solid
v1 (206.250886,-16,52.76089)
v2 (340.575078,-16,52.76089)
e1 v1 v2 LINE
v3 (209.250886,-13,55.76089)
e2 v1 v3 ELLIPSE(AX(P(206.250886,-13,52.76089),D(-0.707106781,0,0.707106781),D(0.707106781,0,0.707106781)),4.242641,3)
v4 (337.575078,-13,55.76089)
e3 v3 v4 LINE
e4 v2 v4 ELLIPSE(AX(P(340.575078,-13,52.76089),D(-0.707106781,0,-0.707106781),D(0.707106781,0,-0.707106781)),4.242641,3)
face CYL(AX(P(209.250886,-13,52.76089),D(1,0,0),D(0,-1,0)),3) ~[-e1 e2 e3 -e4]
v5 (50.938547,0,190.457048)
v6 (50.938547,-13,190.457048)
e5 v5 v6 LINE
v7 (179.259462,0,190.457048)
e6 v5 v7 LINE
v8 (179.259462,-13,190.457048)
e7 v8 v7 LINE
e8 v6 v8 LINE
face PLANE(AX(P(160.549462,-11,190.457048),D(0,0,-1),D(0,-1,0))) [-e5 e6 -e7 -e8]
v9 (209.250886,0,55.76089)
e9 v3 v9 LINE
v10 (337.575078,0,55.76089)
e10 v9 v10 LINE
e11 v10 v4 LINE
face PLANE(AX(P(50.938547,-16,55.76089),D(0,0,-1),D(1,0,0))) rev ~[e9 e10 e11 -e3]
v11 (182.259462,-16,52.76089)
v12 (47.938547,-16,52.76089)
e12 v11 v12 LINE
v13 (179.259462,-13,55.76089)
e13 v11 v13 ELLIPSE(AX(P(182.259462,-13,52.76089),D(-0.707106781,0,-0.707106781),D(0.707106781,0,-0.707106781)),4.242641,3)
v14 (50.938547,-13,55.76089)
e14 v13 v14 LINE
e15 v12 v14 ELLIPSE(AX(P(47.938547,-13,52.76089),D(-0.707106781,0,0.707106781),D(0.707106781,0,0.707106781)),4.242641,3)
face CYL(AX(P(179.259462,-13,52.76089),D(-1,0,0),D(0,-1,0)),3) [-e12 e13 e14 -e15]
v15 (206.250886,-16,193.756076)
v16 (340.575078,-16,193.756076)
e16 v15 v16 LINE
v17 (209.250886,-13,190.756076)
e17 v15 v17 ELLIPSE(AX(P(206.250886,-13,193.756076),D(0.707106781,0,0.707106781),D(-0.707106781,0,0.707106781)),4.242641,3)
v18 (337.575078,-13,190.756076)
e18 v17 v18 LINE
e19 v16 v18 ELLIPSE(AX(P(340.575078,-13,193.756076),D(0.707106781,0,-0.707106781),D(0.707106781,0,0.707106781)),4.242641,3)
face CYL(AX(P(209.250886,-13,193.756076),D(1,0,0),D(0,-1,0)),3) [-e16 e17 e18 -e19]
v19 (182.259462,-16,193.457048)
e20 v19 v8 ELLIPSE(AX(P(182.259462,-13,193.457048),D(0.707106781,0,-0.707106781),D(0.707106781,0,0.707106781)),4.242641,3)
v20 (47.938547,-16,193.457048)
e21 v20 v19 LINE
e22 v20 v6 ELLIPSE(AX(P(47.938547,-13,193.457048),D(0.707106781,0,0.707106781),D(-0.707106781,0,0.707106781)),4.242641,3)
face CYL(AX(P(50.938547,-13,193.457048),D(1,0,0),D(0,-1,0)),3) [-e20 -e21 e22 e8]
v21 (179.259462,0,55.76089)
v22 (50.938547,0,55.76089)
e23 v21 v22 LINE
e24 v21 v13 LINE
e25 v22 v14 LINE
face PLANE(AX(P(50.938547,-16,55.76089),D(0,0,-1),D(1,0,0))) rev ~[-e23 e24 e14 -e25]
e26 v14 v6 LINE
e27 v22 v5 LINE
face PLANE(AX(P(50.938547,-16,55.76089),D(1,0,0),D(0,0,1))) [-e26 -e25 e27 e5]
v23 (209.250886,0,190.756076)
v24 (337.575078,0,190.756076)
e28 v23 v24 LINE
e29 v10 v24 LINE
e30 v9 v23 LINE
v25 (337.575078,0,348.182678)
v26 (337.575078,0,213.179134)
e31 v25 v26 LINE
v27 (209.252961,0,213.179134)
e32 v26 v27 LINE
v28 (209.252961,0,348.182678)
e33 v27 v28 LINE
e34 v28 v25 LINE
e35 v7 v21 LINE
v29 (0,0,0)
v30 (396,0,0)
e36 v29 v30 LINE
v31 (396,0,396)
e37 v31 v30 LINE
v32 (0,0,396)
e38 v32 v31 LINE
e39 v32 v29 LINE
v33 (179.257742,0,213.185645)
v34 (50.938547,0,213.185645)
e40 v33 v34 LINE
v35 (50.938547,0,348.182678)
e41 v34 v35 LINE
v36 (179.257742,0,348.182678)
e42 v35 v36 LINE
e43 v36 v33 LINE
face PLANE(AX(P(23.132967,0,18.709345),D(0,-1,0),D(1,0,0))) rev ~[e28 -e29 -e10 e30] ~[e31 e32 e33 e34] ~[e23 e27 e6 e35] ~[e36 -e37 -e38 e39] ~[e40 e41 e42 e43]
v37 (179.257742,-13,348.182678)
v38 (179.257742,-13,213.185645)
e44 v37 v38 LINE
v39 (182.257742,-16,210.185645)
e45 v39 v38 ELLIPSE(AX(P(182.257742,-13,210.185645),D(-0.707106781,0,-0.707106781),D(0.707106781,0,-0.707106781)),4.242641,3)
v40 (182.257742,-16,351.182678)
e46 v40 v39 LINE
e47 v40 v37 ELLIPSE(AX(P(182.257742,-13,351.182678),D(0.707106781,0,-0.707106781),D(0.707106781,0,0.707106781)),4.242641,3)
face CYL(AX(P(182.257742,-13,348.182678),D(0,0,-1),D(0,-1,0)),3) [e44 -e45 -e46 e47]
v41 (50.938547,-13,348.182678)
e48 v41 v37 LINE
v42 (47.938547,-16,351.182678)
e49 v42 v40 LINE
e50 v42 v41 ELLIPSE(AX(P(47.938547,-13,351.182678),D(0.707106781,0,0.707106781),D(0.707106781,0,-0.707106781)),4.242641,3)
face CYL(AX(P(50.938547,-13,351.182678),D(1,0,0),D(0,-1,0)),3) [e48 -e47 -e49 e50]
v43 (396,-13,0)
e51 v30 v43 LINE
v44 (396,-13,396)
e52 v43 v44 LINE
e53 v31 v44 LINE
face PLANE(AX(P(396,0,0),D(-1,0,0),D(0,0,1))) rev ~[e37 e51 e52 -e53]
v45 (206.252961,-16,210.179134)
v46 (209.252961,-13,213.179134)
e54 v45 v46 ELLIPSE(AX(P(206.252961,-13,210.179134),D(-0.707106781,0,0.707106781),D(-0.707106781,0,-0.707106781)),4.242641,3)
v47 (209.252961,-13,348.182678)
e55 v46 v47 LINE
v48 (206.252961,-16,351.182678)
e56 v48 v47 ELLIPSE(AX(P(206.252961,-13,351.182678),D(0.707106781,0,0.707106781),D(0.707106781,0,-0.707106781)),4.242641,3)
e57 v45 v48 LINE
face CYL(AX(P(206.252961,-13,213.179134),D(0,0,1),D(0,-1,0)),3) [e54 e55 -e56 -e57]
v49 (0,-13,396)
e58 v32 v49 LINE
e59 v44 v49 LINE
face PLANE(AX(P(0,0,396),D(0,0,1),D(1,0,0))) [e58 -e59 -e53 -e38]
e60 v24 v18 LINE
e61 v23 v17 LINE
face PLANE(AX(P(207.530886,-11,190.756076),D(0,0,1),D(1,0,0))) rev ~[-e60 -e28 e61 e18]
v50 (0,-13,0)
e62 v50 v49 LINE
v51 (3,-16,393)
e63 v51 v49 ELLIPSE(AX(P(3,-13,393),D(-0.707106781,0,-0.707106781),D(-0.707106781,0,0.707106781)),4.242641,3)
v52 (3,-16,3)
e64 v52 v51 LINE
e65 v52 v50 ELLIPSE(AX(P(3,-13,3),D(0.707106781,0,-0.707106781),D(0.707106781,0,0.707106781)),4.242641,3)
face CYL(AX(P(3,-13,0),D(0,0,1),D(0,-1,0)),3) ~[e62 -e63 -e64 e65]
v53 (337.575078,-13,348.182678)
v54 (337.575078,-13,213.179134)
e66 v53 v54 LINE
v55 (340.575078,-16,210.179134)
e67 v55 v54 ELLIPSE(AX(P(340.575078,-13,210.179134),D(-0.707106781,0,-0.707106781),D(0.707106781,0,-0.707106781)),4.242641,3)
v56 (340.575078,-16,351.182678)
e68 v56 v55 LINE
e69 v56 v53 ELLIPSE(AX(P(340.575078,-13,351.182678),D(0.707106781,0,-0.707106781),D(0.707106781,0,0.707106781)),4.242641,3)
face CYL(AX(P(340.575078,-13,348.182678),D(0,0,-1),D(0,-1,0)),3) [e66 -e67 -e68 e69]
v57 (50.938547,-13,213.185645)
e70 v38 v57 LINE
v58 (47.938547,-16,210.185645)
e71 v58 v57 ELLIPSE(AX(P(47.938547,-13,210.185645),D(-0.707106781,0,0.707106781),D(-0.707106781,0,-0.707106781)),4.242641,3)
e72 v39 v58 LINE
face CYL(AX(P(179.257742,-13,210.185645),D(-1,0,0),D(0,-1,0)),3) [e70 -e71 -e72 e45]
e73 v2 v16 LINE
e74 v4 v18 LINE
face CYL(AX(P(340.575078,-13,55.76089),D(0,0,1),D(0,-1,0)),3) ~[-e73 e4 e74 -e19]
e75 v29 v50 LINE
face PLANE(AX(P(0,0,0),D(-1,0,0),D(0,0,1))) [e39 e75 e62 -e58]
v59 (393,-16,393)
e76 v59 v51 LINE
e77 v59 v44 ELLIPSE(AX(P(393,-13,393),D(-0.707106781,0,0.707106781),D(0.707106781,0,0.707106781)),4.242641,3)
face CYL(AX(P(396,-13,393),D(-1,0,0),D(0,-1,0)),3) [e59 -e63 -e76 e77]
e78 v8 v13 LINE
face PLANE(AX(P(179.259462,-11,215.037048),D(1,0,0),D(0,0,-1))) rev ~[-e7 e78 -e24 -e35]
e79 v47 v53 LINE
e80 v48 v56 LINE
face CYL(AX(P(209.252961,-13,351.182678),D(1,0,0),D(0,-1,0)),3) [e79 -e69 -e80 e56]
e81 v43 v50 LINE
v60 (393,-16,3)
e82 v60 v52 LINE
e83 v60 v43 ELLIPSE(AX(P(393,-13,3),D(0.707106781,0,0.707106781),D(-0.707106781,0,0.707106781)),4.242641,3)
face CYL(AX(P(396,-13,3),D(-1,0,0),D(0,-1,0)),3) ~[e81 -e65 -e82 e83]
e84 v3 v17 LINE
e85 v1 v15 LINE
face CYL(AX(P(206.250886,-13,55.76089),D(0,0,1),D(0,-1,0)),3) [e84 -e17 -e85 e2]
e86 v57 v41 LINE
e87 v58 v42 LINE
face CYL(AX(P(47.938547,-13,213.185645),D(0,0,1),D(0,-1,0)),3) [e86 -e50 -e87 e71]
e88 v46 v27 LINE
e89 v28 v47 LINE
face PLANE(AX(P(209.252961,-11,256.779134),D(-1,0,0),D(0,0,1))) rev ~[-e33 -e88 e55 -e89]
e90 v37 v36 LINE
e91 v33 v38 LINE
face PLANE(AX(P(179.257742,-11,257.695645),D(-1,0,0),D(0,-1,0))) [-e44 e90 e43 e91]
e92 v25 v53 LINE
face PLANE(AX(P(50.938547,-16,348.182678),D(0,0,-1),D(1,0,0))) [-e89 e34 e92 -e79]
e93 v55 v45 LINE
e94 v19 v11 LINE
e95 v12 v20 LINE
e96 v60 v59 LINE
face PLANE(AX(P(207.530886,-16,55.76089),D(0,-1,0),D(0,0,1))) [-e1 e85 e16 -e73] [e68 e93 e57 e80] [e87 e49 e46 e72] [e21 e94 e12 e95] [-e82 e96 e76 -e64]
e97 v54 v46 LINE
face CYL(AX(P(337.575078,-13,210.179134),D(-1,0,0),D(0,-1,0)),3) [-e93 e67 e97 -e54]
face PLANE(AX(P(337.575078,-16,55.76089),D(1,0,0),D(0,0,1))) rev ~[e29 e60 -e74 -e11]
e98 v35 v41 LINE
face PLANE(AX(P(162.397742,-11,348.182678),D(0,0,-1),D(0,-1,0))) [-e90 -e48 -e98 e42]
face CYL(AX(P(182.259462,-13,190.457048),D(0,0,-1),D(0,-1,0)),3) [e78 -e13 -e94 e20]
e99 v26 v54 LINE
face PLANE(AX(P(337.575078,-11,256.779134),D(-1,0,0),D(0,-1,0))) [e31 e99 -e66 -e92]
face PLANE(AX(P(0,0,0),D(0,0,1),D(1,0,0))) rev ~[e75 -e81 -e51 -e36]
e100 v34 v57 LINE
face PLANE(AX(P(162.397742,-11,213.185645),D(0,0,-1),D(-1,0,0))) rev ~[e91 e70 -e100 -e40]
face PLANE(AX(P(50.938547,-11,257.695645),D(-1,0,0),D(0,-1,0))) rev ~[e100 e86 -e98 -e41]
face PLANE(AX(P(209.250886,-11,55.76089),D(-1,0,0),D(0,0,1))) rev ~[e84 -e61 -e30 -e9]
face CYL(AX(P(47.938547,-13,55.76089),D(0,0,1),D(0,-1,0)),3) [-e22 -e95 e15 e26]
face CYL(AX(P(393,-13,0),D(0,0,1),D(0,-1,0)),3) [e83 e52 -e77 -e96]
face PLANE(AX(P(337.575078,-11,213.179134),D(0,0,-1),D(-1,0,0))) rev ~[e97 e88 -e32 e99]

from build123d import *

# Parameters (mm, degrees)
F0_W      = 46.2659336627
F0_H      = 37.4186895788
F1_DEPTH  = 16
F2_DEPTH  = 396
F3_DEPTH  = 396
F4_W      = 286.636531353
F4_H      = 292.4217879772
F5_DEPTH  = 5
F7_DEPTH  = 5
F8_DEPTH  = 24.58
F9_DEPTH  = 28.59
F10_DEPTH = 44.51
F11_DEPTH = 43.6
F12_DEPTH = 23.54
F13_DEPTH = 25.39
F14_DEPTH = 8.54
F15_DEPTH = 6.68
F16_DEPTH = 6.68
F17_DEPTH = 6.68
F18_DEPTH = 1.72
F19_DEPTH = 11
F20_R     = 3


with BuildPart() as f1:
    # F0 (on Front) → F1 (new body)
    with BuildSketch(Plane.XZ):
        with Locations((23.1329668313, 18.7093447894)):
            Rectangle(F0_W, F0_H)
    extrude(amount=F1_DEPTH)

    # F2 (add): a face of the model
    f2_faces = [f1.faces().sort_by_distance(p)[0] for p in [
        (0, -8, 18.7093447894),
    ]]
    extrude(f2_faces, amount=-F2_DEPTH)

    # F3 (add): a face of the model
    f3_faces = [f1.faces().sort_by_distance(p)[0] for p in [
        (198, -8, 0),
    ]]
    extrude(f3_faces, amount=-F3_DEPTH)

    # F4 (on face) → F5 (cut)
    with BuildSketch(Plane.XZ.offset(16)):
        with Locations((194.2568123341, 201.971784234)):
            Rectangle(F4_W, F4_H)
    extrude(amount=-F5_DEPTH, mode=Mode.SUBTRACT)

    # F6 (on face) → F7 (join)
    with BuildSketch(Plane.XZ.offset(11)):
        Polygon((211.1129611731, 348.1826782227), (162.3977422714, 348.1826782227), (162.3977422714, 257.6956450939), (50.9385466576, 257.6956450939), (50.9385466576, 215.037047863), (160.5494618416, 215.037047863), (160.5494618416, 55.7608902454), (207.5308859348, 55.7608902454), (207.5308859348, 219.3460762501), (337.5750780106, 219.3460762501), (337.5750780106, 256.7791342735), (211.1129611731, 256.7791342735), align=None)
    extrude(amount=F7_DEPTH)

    # F8 (add): a face of the model
    f8_faces = [f1.faces().sort_by_distance(p)[0] for p in [
        (105.7440042496, -13.5, 215.037047863),
    ]]
    extrude(f8_faces, amount=F8_DEPTH)

    # F9 (add): a face of the model
    f9_faces = [f1.faces().sort_by_distance(p)[0] for p in [
        (272.5529819727, -13.5, 219.3460762501),
    ]]
    extrude(f9_faces, amount=F9_DEPTH)

    # F10 (cut): a face of the model
    f10_faces = [f1.faces().sort_by_distance(p)[0] for p in [
        (106.6681444645, -13.5, 257.6956450939),
    ]]
    extrude(f10_faces, amount=-F10_DEPTH, mode=Mode.SUBTRACT)

    # F11 (cut): a face of the model
    f11_faces = [f1.faces().sort_by_distance(p)[0] for p in [
        (274.3440195918, -13.5, 256.7791342735),
    ]]
    extrude(f11_faces, amount=-F11_DEPTH, mode=Mode.SUBTRACT)

    # F12 (cut): a face of the model
    f12_faces = [f1.faces().sort_by_distance(p)[0] for p in [
        (162.3977422714, -13.5, 280.6841616583),
    ]]
    extrude(f12_faces, amount=-F12_DEPTH, mode=Mode.SUBTRACT)

    # F13 (cut): a face of the model
    f13_faces = [f1.faces().sort_by_distance(p)[0] for p in [
        (160.5494618416, -13.5, 123.1089690542),
    ]]
    extrude(f13_faces, amount=-F13_DEPTH, mode=Mode.SUBTRACT)

    # F14 (cut): a face of the model
    f14_faces = [f1.faces().sort_by_distance(p)[0] for p in [
        (211.1129611731, -13.5, 280.6809062481),
    ]]
    extrude(f14_faces, amount=-F14_DEPTH, mode=Mode.SUBTRACT)

    # F15 (add): a face of the model
    f15_faces = [f1.faces().sort_by_distance(p)[0] for p in [
        (185.9377422714, -13.5, 280.6841616583),
    ]]
    extrude(f15_faces, amount=F15_DEPTH)

    # F16 (add): a face of the model
    f16_faces = [f1.faces().sort_by_distance(p)[0] for p in [
        (202.5729611731, -13.5, 280.6809062481),
    ]]
    extrude(f16_faces, amount=F16_DEPTH)

    # F17 (add): a face of the model
    f17_faces = [f1.faces().sort_by_distance(p)[0] for p in [
        (185.9394618416, -13.5, 123.1089690542),
    ]]
    extrude(f17_faces, amount=F17_DEPTH)

    # F18 (add): a face of the model
    f18_faces = [f1.faces().sort_by_distance(p)[0] for p in [
        (207.5308859348, -13.5, 123.2584832478),
    ]]
    extrude(f18_faces, amount=F18_DEPTH)

    # F19 (cut): faces of the model
    f19_faces = [f1.faces().sort_by_distance(p)[0] for p in [
        (115.0990042496, -11, 123.1089690542),
        (273.4140195918, -11, 280.6809062481),
        (273.4129819727, -11, 123.2584832478),
        (115.0981444645, -11, 280.6841616583),
    ]]
    extrude(f19_faces, amount=-F19_DEPTH, mode=Mode.SUBTRACT)

    # F20
    f20_edges = [f1.edges().sort_by_distance(p)[0] for p in [
        (0, -16, 198),
        (198, -16, 0),
        (396, -16, 198),
        (198, -16, 396),
        (50.938547, -16, 123.108969),
        (115.099004, -16, 190.457048),
        (179.259462, -16, 123.108969),
        (115.099004, -16, 55.76089),
        (273.412982, -16, 55.76089),
        (209.250886, -16, 123.258483),
        (273.412982, -16, 190.756076),
        (337.575078, -16, 123.258483),
        (115.098144, -16, 348.182678),
        (179.257742, -16, 280.684162),
        (115.098144, -16, 213.185645),
        (50.938547, -16, 280.684162),
        (273.41402, -16, 348.182678),
        (337.575078, -16, 280.680906),
        (273.41402, -16, 213.179134),
        (209.252961, -16, 280.680906),
    ]]
    fillet(f20_edges, radius=F20_R)


solid = f1.part
